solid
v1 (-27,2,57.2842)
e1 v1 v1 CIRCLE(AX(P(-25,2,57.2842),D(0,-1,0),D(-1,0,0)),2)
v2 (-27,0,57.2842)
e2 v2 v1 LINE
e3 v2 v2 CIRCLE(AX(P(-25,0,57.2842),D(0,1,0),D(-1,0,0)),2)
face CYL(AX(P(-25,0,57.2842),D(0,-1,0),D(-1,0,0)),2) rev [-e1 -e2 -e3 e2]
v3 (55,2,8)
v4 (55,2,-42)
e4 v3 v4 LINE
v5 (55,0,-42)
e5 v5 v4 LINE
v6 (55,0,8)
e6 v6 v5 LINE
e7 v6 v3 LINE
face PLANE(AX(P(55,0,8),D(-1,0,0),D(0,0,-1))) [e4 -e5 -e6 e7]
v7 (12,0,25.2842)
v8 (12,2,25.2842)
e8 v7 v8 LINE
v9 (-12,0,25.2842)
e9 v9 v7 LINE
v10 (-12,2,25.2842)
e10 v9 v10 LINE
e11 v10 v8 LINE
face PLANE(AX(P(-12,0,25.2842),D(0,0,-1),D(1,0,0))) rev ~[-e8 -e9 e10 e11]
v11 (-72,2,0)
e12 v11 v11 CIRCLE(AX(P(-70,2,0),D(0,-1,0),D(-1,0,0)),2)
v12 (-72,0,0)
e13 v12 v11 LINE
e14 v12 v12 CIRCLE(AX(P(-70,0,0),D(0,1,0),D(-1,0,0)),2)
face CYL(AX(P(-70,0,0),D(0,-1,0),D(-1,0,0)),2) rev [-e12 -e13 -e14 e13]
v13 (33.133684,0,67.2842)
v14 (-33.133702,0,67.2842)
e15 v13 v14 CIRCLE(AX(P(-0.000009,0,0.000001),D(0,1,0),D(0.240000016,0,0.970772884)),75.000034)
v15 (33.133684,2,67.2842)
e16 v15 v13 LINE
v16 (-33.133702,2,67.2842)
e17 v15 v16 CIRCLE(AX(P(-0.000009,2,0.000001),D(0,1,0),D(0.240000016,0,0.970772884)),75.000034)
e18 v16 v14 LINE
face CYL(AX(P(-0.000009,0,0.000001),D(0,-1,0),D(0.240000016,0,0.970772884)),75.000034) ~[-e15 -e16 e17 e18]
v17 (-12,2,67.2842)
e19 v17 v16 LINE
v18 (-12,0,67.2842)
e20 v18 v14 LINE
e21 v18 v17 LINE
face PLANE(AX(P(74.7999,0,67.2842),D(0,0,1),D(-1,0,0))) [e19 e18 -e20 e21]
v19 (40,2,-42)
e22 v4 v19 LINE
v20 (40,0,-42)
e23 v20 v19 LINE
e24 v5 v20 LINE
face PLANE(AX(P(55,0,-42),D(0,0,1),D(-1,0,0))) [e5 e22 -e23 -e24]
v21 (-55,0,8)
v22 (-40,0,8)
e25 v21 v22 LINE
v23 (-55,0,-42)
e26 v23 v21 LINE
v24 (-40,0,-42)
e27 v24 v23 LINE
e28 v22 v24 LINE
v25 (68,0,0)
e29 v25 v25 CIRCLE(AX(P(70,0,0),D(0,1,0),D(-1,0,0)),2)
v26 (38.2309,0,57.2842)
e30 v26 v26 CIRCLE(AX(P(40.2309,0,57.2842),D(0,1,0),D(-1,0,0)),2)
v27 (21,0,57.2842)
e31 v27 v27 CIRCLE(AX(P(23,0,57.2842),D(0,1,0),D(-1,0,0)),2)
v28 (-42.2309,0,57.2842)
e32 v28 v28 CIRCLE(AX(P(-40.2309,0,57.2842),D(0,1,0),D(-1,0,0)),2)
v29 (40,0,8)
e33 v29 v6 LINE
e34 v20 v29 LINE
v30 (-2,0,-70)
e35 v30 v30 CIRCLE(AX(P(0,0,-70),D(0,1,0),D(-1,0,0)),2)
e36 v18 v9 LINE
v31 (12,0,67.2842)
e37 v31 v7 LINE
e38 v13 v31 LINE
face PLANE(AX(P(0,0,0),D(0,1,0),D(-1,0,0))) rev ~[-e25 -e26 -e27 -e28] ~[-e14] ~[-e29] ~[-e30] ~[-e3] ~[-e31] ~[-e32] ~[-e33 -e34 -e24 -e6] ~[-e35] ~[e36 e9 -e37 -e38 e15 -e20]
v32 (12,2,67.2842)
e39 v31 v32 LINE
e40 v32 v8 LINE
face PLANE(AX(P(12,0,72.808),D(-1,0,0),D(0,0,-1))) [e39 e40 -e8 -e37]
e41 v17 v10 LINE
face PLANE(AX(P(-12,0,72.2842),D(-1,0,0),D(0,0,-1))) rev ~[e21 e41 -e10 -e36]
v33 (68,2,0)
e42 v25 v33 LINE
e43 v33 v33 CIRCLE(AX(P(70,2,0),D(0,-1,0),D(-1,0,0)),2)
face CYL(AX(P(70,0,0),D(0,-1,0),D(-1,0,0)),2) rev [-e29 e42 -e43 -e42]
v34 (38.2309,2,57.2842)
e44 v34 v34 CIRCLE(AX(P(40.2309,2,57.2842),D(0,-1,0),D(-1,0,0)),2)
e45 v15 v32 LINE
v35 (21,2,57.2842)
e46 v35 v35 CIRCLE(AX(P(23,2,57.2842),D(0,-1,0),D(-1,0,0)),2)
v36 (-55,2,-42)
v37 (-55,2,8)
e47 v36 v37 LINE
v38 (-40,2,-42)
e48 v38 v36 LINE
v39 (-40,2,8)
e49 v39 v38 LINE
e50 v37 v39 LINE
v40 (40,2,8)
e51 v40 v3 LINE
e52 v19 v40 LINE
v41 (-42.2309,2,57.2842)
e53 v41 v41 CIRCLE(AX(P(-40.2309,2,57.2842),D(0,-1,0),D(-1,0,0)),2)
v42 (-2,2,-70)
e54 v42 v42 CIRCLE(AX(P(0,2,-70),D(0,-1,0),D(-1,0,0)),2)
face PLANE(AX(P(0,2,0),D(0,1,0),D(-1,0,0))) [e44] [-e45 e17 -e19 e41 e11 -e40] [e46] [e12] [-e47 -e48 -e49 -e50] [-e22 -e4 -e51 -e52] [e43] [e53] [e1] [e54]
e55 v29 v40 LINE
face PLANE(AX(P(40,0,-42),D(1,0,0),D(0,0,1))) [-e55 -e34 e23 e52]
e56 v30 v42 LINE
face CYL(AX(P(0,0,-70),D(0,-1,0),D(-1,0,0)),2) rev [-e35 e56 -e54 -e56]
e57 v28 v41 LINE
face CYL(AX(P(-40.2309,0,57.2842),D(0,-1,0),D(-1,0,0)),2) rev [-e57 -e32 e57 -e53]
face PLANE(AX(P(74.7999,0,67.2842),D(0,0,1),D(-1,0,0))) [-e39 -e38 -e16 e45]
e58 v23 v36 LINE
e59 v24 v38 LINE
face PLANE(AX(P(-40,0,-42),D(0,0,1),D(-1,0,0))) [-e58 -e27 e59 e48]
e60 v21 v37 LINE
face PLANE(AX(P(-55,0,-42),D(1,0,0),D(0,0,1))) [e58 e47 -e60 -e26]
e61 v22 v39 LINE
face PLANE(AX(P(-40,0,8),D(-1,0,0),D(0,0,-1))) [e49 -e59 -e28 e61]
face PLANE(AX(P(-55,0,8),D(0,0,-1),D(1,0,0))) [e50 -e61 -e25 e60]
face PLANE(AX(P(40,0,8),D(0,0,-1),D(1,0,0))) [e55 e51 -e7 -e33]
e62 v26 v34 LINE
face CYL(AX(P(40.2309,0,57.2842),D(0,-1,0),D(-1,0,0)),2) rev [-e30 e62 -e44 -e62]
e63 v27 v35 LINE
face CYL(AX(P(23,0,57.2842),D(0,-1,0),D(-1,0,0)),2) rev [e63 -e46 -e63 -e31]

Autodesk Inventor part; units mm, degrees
ref_plane "YZ Plane" through (0, 0, 0) normal (1, 0, 0) x (0, 1, 0)
ref_plane "XZ Plane" through (0, 0, 0) normal (0, 1, 0) x (-1, 0, 0)
ref_plane "XY Plane" through (0, 0, 0) normal (0, 0, 1) x (1, 0, 0)
sketch "Boceto1" plane through (0, 0, 0) normal (0, 1, 0) x (-1, 0, 0)
  arc A0 (-18, 72.808) -> (20, 72.2842) centre (0, 0) ccw
  line L0 (-18, 72.808) -> (-18, 72.2842)
  line L1 (55, 8) -> (40, 8)
  line L2 (40, 8) -> (40, -42)
  line L3 (40, -42) -> (55, -42)
  line L4 (55, -42) -> (55, 8)
  line L5 (-40, 8) -> (-55, 8)
  line L6 (-55, 8) -> (-55, -42)
  line L7 (-55, -42) -> (-40, -42)
  line L8 (-40, -42) -> (-40, 8)
  line L9 (20, 72.2842) -> (12, 72.2842)
  line L10 (12, 72.2842) -> (12, 25.2842)
  line L11 (-18, 72.808) -> (-12, 72.808)
  line L12 (-12, 72.808) -> (-12, 25.2842)
  line L13 (-18, 72.2842) -> (-18, 72.808)
  line L14 (12, 25.2842) -> (-12, 25.2842)
  line L15 (-30.8486, 25.2842) -> (-30.8486, 25)
  dimension "d0" = 150
  dimension "d1" = 18
  dimension "d3" = 15
  dimension "d4" = 50
  dimension "d5" = 15
  dimension "d6" = 50
  dimension "d7" = 40
  dimension "d8" = 40
  dimension "d28" = 24
  dimension "d29" = 12
  dimension "d33" = 8
  dimension "d34" = 8
  dimension "d36" = 47
extrude "Extrusión1" add sketch "Boceto1" along normal blind 2
sketch "Boceto2" plane through (0, 0, 0) normal (0, 1, 0) x (-1, 0, 0)
  line L0 (-74.7999, 67.2842) -> (80.1068, 67.2842)
  line L1 (80.1068, 67.2842) -> (80.1068, 81.1614)
  line L2 (80.1068, 81.1614) -> (-74.7999, 81.1614)
  line L3 (-74.7999, 81.1614) -> (-74.7999, 67.2842)
  line L4 (20, 72.2842) -> (12, 72.2842) projected
  point P0 (0, 0)
  dimension "d13" = 5
extrude "Extrusión2" cut sketch "Boceto2" along normal blind 2
sketch "Boceto3" plane through (0, 0, 0) normal (0, 1, 0) x (-1, 0, 0)
  circle A0 centre (-70, 0) radius 2
  circle A1 centre (0, -70) radius 2
  circle A2 centre (70, 0) radius 2
  point P0 (0, 0)
  dimension "d14" = 4
  dimension "d15" = 4
  dimension "d16" = 4
  dimension "d17" = 70
  dimension "d18" = 70
  dimension "d19" = 70
extrude "Extrusión3" cut sketch "Boceto3" along normal mid plane 6
sketch "Boceto6" plane through (0, 0, 0) normal (0, 1, 0) x (-1, 0, 0)
  line L0 (-27, 57.2842) -> (-36.2309, 57.2842)
  arc A0 (-43.4373, 54.8927) -> (-36.2309, 57.2842) centre (-40.2309, 57.2842) ccw
  arc A1 (-27, 57.2842) -> (-23, 53.2842) centre (-23, 57.2842) ccw
  circle A2 centre (-23, 57.2842) radius 2
  arc A3 (25, 53.2842) -> (29, 57.2842) centre (25, 57.2842) ccw
  circle A4 centre (25, 57.2842) radius 2
  arc A5 (36.2309, 57.2842) -> (43.4373, 54.8927) centre (40.2309, 57.2842) ccw
  circle A6 centre (40.2309, 57.2842) radius 2
  circle A7 centre (-40.2309, 57.2842) radius 2
  point P0 (0, 0)
  dimension "d22" = 4
  dimension "d23" = 4
  dimension "d24" = 4
  dimension "d25" = 4
extrude "Extrusión4" cut sketch "Boceto6" along normal mid plane 6
properties part number "Tapa" material "Nilón 6/6"
